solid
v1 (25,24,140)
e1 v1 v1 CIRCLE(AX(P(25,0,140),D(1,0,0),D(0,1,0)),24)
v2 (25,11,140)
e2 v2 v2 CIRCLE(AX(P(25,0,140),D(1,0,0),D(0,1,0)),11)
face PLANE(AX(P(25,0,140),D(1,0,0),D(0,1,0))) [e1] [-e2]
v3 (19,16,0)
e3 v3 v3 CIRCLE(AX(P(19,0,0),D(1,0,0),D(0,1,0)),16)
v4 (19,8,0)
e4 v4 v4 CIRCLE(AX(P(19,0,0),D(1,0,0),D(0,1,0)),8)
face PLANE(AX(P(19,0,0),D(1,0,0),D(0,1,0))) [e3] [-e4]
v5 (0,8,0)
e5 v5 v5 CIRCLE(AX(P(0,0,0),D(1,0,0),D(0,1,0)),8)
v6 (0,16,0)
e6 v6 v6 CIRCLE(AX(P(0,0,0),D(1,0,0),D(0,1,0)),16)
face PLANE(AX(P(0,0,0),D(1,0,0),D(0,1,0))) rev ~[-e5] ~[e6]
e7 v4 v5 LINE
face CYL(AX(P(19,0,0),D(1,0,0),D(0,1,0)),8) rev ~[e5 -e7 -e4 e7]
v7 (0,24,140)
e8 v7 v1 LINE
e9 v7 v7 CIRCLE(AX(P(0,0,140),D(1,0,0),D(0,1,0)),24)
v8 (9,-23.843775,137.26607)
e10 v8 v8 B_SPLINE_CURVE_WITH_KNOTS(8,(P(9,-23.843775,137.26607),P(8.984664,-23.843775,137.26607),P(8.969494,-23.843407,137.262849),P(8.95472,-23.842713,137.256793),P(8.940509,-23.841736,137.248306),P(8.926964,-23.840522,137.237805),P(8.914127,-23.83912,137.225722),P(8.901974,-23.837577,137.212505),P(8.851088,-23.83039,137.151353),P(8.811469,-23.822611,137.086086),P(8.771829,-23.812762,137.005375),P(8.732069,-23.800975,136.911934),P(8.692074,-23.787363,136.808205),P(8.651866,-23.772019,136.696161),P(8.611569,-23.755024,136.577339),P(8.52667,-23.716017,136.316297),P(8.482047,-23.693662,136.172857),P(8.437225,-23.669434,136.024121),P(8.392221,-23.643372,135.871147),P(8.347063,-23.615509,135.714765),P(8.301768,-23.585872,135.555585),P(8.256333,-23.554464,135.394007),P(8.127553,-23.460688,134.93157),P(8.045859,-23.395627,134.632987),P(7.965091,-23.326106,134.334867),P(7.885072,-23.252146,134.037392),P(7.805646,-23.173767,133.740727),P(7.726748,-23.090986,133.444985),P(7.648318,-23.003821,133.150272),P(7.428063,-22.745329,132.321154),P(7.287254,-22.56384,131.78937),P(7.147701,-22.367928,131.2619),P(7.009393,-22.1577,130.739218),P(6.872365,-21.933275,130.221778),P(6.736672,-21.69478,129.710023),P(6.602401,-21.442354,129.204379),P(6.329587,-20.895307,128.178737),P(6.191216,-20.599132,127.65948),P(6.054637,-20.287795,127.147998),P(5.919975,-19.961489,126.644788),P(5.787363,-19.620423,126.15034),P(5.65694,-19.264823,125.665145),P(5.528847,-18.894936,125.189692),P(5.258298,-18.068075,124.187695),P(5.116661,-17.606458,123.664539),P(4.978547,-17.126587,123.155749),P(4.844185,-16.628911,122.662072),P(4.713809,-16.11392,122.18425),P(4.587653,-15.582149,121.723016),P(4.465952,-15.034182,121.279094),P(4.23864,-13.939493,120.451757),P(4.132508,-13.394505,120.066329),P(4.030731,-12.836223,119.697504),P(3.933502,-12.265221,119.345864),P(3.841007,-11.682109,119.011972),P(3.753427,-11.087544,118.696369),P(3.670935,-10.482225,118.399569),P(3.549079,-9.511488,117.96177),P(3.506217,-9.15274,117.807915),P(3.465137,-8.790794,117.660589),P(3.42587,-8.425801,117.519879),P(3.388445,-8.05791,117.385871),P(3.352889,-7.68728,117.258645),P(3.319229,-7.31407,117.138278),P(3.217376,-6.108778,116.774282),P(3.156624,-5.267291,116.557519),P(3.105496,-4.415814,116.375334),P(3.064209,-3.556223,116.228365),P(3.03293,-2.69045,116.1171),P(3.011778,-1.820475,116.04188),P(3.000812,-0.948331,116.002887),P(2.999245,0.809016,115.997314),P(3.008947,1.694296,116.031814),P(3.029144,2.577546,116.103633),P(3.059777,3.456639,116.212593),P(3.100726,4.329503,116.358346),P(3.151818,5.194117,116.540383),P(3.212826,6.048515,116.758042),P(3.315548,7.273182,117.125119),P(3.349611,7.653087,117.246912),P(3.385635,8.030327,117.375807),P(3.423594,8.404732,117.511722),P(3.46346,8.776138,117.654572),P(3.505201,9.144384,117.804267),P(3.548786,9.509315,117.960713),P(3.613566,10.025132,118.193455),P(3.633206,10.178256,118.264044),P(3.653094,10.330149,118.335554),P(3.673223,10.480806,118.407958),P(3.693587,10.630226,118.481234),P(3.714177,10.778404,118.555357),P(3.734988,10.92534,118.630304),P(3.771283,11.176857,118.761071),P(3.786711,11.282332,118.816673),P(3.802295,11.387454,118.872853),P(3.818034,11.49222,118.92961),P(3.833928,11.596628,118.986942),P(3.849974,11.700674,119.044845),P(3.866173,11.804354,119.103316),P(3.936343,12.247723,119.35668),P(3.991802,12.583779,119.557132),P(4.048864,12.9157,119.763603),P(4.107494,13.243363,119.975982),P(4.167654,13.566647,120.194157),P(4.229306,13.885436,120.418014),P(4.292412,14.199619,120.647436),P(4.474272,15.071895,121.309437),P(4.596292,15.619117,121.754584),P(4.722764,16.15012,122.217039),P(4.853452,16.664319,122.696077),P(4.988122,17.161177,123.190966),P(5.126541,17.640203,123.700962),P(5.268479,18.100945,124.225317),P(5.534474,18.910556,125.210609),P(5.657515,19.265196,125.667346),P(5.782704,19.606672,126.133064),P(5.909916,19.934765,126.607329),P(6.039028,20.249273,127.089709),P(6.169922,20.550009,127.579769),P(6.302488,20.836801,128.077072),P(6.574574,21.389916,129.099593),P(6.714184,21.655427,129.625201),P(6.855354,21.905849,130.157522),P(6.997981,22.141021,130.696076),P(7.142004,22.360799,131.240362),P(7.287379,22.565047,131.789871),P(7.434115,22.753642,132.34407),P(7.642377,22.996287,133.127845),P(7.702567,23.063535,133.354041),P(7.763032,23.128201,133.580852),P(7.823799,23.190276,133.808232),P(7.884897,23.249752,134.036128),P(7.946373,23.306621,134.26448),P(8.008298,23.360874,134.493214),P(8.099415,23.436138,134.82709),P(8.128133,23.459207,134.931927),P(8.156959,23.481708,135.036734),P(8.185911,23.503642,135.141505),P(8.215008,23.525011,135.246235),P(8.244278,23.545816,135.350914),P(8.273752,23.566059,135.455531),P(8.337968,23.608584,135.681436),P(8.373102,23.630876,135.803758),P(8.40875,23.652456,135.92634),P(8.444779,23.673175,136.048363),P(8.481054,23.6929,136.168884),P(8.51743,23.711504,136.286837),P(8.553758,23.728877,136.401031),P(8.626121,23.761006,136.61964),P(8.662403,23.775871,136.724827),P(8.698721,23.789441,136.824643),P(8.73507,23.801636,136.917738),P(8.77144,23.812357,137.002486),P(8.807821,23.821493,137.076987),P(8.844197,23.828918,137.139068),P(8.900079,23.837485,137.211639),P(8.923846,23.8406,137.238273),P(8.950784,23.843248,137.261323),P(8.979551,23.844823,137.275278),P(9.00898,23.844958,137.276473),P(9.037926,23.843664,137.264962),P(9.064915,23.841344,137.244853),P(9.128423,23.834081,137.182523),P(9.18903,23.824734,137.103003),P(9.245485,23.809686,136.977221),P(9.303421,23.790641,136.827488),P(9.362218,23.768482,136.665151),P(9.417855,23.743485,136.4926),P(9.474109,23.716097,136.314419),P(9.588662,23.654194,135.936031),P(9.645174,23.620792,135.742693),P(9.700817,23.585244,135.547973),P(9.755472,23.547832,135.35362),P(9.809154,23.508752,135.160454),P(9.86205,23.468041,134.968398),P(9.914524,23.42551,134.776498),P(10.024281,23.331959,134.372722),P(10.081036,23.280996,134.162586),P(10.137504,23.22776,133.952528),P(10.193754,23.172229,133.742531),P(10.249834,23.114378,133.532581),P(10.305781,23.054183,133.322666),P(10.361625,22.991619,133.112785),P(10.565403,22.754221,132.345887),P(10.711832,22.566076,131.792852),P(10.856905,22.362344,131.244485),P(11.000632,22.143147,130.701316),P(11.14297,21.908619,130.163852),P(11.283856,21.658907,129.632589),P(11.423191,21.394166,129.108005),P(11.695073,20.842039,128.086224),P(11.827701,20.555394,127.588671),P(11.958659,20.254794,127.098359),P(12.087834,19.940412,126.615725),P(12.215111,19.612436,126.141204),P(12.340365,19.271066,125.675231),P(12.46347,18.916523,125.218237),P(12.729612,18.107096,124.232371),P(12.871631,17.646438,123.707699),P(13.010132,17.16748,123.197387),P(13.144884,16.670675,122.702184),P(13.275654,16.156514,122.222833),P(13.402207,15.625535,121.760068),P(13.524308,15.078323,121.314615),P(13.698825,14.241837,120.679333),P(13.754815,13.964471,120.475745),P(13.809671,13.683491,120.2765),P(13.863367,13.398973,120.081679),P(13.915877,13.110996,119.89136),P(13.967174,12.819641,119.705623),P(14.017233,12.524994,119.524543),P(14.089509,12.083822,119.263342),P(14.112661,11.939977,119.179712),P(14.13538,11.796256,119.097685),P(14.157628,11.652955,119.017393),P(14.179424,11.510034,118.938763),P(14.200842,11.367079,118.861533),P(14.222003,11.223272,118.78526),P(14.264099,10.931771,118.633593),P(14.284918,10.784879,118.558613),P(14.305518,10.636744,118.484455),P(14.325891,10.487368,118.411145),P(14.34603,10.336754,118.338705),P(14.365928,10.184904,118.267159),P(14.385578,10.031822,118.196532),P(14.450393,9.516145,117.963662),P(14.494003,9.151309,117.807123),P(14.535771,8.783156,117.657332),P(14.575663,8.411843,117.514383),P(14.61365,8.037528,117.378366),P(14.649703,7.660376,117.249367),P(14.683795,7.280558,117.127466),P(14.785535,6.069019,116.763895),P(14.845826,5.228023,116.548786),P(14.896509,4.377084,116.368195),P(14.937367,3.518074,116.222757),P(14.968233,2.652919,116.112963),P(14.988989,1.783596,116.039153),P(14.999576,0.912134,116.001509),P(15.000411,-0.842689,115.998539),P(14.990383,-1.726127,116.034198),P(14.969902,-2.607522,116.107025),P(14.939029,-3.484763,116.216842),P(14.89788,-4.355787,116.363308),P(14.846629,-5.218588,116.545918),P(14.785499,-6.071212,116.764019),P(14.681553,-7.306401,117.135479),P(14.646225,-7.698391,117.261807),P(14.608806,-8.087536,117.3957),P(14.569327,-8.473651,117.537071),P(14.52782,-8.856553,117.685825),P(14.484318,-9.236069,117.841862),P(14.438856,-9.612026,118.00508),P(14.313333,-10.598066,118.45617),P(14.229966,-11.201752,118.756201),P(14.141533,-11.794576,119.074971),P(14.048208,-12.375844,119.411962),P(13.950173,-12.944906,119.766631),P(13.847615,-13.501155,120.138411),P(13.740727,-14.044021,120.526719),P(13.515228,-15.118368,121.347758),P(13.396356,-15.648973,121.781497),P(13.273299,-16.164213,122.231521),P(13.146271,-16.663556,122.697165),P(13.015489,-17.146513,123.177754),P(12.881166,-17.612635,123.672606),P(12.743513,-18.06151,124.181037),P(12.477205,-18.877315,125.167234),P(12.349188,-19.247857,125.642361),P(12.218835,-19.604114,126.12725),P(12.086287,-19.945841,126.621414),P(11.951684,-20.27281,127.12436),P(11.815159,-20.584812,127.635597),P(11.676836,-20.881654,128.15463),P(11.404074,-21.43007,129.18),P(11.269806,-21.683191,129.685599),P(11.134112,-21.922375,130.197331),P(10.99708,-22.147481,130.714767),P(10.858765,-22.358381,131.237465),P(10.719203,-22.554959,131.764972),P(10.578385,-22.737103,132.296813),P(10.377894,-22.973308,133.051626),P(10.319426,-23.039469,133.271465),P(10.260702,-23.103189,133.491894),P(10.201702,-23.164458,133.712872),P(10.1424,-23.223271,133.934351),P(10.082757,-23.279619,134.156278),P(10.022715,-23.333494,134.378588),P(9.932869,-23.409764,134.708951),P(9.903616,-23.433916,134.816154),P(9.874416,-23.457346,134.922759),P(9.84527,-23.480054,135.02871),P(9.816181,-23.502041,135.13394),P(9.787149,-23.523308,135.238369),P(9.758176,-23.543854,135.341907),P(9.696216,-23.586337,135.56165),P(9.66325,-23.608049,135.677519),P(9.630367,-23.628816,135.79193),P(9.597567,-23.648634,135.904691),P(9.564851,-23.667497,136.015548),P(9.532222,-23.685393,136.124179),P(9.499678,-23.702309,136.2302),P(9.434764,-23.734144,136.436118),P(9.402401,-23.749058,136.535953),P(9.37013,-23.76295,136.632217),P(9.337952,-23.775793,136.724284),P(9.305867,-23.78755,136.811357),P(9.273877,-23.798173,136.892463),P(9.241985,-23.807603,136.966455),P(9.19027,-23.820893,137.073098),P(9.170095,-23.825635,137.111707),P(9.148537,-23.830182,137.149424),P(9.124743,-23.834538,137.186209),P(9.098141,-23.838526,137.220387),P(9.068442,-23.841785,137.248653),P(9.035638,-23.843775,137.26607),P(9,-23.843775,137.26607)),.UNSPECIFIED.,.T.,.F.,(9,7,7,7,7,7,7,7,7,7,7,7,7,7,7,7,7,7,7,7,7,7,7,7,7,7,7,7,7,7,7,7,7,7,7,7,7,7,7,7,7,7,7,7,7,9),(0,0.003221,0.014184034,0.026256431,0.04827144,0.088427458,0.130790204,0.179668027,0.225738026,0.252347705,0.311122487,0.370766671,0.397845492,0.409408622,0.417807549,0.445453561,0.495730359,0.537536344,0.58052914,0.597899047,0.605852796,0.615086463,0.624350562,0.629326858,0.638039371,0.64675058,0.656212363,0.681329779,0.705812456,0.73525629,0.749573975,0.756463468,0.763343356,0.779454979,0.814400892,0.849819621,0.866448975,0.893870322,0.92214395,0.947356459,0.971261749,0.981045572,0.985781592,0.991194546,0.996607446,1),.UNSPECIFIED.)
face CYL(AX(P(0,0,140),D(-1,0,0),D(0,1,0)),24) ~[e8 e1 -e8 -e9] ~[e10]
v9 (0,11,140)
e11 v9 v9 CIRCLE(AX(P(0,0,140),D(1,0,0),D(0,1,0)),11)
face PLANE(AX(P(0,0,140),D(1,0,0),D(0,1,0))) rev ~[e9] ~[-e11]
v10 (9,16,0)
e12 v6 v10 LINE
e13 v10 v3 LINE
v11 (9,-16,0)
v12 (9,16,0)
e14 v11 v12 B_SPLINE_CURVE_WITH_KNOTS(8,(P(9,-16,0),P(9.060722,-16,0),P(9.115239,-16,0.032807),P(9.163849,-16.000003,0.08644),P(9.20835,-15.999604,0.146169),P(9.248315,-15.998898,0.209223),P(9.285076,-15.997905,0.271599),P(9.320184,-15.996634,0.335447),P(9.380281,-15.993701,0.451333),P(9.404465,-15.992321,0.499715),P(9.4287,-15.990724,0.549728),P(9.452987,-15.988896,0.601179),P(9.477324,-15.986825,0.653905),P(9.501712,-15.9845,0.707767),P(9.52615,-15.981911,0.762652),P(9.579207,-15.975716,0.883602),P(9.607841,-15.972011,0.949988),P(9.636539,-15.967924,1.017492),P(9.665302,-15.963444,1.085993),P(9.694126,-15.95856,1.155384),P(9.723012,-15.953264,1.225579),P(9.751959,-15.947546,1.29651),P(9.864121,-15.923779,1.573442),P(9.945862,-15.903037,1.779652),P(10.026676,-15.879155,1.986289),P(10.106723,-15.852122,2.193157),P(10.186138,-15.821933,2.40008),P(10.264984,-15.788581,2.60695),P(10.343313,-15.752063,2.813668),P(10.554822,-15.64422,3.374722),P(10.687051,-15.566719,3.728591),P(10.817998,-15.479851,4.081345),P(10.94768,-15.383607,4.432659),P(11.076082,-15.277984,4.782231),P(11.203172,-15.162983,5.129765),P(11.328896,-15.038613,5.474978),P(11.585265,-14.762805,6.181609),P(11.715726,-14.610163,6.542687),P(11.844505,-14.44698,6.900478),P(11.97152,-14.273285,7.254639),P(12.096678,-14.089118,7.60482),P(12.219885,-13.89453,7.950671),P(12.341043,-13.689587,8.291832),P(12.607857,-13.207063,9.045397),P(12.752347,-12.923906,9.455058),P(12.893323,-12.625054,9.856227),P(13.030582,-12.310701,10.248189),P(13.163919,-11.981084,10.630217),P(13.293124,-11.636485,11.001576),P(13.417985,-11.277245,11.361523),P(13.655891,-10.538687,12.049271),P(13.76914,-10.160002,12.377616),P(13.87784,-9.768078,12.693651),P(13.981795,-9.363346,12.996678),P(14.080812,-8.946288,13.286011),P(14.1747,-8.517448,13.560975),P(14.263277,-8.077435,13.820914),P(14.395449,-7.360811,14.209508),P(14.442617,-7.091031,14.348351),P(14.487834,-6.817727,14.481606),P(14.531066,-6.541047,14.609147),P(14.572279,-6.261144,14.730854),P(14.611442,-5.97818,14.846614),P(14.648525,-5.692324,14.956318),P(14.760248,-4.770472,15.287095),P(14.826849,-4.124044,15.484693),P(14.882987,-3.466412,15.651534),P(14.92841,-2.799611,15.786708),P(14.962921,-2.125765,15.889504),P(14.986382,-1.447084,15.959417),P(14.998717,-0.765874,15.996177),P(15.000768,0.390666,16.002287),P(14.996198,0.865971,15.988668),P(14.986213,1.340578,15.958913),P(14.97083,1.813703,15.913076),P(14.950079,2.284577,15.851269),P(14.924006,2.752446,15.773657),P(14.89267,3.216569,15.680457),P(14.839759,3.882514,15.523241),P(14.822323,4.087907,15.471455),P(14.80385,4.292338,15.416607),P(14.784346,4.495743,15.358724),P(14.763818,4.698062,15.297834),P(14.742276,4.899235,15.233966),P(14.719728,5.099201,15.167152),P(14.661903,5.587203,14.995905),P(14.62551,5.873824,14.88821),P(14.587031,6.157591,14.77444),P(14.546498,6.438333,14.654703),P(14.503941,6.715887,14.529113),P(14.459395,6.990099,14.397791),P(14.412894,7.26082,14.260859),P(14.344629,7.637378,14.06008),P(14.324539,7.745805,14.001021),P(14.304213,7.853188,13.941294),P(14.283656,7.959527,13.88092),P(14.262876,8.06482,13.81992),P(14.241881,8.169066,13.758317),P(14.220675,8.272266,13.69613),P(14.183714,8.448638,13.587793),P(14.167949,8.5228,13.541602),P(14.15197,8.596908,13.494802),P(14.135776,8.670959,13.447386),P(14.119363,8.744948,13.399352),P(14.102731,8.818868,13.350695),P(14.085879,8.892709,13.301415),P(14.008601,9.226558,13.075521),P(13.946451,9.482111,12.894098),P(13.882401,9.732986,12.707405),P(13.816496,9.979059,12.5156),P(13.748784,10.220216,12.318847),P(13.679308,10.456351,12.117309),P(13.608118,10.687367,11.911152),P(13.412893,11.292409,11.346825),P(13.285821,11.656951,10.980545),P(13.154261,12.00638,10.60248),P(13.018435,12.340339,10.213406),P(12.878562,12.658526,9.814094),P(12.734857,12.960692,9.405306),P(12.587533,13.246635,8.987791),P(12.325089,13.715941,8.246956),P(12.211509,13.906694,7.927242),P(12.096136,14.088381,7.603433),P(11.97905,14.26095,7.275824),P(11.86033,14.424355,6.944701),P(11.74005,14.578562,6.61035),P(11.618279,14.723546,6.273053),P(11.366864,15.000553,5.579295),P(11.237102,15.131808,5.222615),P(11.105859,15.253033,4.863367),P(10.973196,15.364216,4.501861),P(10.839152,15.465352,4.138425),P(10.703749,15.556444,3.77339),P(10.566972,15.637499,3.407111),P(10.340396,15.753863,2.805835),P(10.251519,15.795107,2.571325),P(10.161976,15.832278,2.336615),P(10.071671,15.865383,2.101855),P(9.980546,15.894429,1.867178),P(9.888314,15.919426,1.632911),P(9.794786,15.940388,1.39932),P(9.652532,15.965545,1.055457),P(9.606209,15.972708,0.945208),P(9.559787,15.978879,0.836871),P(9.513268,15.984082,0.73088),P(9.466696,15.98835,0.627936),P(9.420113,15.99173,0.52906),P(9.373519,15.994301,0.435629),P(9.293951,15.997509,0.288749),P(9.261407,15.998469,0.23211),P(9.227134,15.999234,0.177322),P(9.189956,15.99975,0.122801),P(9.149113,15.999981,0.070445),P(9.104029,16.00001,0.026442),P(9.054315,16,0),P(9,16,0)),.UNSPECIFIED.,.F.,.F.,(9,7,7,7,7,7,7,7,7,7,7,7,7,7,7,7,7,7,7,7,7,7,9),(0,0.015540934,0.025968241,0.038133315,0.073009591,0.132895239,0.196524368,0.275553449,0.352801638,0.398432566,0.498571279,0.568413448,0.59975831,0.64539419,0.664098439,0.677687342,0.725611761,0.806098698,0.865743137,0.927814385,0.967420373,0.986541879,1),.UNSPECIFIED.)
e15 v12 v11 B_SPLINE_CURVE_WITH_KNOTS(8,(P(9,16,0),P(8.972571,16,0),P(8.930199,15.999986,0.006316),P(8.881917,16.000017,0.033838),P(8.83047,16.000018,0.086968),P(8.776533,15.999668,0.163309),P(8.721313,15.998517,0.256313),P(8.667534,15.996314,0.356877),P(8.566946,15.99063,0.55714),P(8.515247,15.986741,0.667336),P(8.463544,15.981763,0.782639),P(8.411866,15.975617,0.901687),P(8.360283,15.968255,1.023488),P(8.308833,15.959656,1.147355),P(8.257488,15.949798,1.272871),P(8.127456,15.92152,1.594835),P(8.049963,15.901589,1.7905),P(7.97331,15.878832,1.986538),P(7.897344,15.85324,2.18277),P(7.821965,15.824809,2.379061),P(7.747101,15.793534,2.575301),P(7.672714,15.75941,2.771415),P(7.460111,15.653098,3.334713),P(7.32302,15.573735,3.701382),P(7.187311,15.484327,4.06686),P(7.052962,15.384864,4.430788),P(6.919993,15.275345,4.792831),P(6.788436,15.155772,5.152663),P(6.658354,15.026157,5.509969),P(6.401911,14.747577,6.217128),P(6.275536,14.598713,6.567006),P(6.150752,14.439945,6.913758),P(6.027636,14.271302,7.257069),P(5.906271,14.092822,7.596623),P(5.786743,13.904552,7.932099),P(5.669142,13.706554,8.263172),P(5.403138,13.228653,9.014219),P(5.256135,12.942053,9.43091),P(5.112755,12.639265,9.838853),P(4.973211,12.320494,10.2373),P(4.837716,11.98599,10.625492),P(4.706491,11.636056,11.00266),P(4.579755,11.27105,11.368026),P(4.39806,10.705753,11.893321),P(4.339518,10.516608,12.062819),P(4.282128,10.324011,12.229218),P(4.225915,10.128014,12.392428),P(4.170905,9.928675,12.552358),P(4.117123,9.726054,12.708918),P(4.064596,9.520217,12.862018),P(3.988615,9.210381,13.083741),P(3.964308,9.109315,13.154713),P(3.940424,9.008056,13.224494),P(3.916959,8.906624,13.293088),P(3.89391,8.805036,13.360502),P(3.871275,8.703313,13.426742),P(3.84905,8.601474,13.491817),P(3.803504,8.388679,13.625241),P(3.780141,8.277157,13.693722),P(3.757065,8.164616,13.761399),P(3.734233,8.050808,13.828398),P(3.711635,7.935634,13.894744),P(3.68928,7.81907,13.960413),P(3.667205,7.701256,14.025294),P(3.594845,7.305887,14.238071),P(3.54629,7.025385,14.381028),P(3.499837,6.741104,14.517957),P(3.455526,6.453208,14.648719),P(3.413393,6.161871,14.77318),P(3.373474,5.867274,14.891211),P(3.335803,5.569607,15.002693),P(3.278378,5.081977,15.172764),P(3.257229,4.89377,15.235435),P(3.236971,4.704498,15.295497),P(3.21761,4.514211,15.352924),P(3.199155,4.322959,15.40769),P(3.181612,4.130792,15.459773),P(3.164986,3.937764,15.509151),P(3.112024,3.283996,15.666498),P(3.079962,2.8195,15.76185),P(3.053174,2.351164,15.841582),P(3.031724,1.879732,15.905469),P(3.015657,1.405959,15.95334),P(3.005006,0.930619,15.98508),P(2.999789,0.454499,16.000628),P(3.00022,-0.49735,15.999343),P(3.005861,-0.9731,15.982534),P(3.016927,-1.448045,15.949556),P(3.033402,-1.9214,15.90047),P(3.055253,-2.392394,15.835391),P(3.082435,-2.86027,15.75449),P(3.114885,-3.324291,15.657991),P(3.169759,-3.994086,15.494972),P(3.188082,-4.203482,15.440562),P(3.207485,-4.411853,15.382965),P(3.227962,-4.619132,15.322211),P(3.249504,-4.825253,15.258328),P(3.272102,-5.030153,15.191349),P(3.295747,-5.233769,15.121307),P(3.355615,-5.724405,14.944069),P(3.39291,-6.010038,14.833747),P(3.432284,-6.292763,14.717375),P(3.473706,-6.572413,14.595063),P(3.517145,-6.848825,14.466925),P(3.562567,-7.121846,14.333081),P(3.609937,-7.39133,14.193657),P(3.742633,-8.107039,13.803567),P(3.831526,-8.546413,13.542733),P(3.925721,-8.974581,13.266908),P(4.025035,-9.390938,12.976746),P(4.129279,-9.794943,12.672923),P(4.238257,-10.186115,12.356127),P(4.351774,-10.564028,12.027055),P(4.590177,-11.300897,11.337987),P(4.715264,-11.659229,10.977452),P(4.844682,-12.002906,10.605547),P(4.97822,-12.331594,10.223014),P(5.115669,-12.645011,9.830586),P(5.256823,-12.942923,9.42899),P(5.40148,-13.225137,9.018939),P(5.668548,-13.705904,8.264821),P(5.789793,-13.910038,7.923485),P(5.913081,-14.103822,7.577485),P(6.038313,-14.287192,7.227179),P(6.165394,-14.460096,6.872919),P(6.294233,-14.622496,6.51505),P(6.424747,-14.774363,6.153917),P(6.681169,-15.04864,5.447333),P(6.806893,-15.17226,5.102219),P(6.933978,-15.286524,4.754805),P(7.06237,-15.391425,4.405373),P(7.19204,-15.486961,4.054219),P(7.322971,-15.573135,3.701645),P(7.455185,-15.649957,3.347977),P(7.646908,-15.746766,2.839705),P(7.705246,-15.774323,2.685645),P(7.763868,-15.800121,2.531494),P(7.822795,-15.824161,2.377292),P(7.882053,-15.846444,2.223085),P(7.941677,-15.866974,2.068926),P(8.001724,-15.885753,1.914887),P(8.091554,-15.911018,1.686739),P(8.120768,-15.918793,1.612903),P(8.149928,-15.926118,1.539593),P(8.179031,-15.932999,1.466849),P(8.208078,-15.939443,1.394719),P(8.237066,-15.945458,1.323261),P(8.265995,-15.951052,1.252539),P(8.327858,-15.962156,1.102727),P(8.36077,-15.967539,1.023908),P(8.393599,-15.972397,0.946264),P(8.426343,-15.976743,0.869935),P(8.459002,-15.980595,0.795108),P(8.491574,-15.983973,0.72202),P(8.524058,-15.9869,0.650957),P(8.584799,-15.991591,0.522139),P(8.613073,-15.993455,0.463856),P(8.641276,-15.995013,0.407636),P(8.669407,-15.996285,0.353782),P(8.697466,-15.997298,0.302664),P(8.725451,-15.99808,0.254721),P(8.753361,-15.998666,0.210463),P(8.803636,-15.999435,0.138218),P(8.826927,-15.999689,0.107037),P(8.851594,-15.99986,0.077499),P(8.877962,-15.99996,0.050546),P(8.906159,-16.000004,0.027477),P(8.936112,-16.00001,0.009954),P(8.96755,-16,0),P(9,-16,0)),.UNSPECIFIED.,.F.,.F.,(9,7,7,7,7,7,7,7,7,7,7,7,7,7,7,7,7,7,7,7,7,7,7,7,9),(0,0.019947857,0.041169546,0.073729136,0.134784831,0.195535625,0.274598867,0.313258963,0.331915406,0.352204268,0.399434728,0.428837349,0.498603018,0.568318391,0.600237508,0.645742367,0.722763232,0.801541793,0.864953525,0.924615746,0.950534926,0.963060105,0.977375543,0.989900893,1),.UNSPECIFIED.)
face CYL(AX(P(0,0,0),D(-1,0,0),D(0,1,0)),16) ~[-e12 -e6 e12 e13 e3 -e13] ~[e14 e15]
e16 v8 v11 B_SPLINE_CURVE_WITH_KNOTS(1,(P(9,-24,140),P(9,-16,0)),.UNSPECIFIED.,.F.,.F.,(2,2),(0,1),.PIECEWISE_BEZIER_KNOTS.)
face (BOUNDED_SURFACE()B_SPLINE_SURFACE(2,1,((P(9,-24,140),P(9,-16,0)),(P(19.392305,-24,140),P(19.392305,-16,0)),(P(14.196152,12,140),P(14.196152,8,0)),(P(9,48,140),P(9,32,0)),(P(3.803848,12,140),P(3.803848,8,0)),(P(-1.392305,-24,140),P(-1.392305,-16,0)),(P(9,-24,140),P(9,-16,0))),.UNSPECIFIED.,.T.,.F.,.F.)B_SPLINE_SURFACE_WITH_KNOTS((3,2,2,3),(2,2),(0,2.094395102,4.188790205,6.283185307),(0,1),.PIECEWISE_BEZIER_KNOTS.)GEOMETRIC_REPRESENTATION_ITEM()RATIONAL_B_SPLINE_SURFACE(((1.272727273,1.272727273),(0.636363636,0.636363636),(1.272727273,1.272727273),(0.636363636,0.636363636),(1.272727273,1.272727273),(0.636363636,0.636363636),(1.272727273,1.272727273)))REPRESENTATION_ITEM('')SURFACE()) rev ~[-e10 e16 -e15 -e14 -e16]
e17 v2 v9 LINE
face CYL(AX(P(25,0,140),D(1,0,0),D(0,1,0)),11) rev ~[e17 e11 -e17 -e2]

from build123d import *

# Parameters (mm, degrees)
F0_R      = 16
F0_R_2    = 8
F1_DEPTH  = 19
F0_R_3    = 24
F0_R_4    = 11
F2_DEPTH  = 25
F4_R      = 11
F5_DEPTH  = 25
F6_R      = 11
F10_DEPTH = 25.0010001
F11_R     = 8
F12_DEPTH = 19.0010001


with BuildPart() as f1:
    # F0 (on Right) → F1 (new body)
    with BuildSketch(Plane.YZ):
        Circle(F0_R)
        Circle(F0_R_2, mode=Mode.SUBTRACT)
        Circle(F0_R_2)
    extrude(amount=F1_DEPTH)



with BuildPart() as f2:
    # F0 (on Right) → F2 (new body)
    with BuildSketch(Plane.YZ):
        with Locations((0, 140)):
            Circle(F0_R_3)
        with Locations((0, 140)):
            Circle(F0_R_4, mode=Mode.SUBTRACT)
    extrude(amount=F2_DEPTH)


with BuildPart() as f5:
    # F4 (on face) → F5 (new body)
    with BuildSketch(Plane.YZ.offset(25)):
        with Locations((0, 140)):
            Circle(F4_R)
    extrude(amount=-F5_DEPTH)


with BuildPart() as f1_1:
    add(f1.part)

    add(f2.part)  # F9 merges F2

    add(f5.part)  # F9 merges F5
    # F8 (on plane+point) → F9 section 0
    with BuildSketch(Plane.XY.offset(140)):
        with BuildLine():
            add(Edge.make_bspline(
                [(9, -24), (19.3923048454, -24), (14.1961524227, 12), (9, 48), (3.8038475773, 12), (-1.3923048454, -24), (9, -24)],
                knots=[0, 0, 0, 2.0943951024, 2.0943951024, 4.1887902048, 4.1887902048, 6.2831853072, 6.2831853072, 6.2831853072], degree=2, weights=[1, 0.5, 1, 0.5, 1, 0.5, 1]))
        make_face()
    # F3 (on Top) → F9 section 1
    with BuildSketch(Plane.XY):
        with BuildLine():
            add(Edge.make_bspline(
                [(9, -16), (19.3923048454, -16), (14.1961524227, 8), (9, 32), (3.8038475773, 8), (-1.3923048454, -16), (9, -16)],
                knots=[0, 0, 0, 2.0943951024, 2.0943951024, 4.1887902048, 4.1887902048, 6.2831853072, 6.2831853072, 6.2831853072], degree=2, weights=[1, 0.5, 1, 0.5, 1, 0.5, 1]))
        make_face()
    loft()

    # F6 (on face) → F10 (cut, through all)
    with BuildSketch(Plane.YZ.offset(25)):
        with Locations((0, 140)):
            Circle(F6_R)
    extrude(amount=-F10_DEPTH, mode=Mode.SUBTRACT)

    # F11 (on face) → F12 (cut, through all)
    with BuildSketch(Plane.YZ.offset(19)):
        Circle(F11_R)
    extrude(amount=-F12_DEPTH, mode=Mode.SUBTRACT)


solid = f1_1.part
